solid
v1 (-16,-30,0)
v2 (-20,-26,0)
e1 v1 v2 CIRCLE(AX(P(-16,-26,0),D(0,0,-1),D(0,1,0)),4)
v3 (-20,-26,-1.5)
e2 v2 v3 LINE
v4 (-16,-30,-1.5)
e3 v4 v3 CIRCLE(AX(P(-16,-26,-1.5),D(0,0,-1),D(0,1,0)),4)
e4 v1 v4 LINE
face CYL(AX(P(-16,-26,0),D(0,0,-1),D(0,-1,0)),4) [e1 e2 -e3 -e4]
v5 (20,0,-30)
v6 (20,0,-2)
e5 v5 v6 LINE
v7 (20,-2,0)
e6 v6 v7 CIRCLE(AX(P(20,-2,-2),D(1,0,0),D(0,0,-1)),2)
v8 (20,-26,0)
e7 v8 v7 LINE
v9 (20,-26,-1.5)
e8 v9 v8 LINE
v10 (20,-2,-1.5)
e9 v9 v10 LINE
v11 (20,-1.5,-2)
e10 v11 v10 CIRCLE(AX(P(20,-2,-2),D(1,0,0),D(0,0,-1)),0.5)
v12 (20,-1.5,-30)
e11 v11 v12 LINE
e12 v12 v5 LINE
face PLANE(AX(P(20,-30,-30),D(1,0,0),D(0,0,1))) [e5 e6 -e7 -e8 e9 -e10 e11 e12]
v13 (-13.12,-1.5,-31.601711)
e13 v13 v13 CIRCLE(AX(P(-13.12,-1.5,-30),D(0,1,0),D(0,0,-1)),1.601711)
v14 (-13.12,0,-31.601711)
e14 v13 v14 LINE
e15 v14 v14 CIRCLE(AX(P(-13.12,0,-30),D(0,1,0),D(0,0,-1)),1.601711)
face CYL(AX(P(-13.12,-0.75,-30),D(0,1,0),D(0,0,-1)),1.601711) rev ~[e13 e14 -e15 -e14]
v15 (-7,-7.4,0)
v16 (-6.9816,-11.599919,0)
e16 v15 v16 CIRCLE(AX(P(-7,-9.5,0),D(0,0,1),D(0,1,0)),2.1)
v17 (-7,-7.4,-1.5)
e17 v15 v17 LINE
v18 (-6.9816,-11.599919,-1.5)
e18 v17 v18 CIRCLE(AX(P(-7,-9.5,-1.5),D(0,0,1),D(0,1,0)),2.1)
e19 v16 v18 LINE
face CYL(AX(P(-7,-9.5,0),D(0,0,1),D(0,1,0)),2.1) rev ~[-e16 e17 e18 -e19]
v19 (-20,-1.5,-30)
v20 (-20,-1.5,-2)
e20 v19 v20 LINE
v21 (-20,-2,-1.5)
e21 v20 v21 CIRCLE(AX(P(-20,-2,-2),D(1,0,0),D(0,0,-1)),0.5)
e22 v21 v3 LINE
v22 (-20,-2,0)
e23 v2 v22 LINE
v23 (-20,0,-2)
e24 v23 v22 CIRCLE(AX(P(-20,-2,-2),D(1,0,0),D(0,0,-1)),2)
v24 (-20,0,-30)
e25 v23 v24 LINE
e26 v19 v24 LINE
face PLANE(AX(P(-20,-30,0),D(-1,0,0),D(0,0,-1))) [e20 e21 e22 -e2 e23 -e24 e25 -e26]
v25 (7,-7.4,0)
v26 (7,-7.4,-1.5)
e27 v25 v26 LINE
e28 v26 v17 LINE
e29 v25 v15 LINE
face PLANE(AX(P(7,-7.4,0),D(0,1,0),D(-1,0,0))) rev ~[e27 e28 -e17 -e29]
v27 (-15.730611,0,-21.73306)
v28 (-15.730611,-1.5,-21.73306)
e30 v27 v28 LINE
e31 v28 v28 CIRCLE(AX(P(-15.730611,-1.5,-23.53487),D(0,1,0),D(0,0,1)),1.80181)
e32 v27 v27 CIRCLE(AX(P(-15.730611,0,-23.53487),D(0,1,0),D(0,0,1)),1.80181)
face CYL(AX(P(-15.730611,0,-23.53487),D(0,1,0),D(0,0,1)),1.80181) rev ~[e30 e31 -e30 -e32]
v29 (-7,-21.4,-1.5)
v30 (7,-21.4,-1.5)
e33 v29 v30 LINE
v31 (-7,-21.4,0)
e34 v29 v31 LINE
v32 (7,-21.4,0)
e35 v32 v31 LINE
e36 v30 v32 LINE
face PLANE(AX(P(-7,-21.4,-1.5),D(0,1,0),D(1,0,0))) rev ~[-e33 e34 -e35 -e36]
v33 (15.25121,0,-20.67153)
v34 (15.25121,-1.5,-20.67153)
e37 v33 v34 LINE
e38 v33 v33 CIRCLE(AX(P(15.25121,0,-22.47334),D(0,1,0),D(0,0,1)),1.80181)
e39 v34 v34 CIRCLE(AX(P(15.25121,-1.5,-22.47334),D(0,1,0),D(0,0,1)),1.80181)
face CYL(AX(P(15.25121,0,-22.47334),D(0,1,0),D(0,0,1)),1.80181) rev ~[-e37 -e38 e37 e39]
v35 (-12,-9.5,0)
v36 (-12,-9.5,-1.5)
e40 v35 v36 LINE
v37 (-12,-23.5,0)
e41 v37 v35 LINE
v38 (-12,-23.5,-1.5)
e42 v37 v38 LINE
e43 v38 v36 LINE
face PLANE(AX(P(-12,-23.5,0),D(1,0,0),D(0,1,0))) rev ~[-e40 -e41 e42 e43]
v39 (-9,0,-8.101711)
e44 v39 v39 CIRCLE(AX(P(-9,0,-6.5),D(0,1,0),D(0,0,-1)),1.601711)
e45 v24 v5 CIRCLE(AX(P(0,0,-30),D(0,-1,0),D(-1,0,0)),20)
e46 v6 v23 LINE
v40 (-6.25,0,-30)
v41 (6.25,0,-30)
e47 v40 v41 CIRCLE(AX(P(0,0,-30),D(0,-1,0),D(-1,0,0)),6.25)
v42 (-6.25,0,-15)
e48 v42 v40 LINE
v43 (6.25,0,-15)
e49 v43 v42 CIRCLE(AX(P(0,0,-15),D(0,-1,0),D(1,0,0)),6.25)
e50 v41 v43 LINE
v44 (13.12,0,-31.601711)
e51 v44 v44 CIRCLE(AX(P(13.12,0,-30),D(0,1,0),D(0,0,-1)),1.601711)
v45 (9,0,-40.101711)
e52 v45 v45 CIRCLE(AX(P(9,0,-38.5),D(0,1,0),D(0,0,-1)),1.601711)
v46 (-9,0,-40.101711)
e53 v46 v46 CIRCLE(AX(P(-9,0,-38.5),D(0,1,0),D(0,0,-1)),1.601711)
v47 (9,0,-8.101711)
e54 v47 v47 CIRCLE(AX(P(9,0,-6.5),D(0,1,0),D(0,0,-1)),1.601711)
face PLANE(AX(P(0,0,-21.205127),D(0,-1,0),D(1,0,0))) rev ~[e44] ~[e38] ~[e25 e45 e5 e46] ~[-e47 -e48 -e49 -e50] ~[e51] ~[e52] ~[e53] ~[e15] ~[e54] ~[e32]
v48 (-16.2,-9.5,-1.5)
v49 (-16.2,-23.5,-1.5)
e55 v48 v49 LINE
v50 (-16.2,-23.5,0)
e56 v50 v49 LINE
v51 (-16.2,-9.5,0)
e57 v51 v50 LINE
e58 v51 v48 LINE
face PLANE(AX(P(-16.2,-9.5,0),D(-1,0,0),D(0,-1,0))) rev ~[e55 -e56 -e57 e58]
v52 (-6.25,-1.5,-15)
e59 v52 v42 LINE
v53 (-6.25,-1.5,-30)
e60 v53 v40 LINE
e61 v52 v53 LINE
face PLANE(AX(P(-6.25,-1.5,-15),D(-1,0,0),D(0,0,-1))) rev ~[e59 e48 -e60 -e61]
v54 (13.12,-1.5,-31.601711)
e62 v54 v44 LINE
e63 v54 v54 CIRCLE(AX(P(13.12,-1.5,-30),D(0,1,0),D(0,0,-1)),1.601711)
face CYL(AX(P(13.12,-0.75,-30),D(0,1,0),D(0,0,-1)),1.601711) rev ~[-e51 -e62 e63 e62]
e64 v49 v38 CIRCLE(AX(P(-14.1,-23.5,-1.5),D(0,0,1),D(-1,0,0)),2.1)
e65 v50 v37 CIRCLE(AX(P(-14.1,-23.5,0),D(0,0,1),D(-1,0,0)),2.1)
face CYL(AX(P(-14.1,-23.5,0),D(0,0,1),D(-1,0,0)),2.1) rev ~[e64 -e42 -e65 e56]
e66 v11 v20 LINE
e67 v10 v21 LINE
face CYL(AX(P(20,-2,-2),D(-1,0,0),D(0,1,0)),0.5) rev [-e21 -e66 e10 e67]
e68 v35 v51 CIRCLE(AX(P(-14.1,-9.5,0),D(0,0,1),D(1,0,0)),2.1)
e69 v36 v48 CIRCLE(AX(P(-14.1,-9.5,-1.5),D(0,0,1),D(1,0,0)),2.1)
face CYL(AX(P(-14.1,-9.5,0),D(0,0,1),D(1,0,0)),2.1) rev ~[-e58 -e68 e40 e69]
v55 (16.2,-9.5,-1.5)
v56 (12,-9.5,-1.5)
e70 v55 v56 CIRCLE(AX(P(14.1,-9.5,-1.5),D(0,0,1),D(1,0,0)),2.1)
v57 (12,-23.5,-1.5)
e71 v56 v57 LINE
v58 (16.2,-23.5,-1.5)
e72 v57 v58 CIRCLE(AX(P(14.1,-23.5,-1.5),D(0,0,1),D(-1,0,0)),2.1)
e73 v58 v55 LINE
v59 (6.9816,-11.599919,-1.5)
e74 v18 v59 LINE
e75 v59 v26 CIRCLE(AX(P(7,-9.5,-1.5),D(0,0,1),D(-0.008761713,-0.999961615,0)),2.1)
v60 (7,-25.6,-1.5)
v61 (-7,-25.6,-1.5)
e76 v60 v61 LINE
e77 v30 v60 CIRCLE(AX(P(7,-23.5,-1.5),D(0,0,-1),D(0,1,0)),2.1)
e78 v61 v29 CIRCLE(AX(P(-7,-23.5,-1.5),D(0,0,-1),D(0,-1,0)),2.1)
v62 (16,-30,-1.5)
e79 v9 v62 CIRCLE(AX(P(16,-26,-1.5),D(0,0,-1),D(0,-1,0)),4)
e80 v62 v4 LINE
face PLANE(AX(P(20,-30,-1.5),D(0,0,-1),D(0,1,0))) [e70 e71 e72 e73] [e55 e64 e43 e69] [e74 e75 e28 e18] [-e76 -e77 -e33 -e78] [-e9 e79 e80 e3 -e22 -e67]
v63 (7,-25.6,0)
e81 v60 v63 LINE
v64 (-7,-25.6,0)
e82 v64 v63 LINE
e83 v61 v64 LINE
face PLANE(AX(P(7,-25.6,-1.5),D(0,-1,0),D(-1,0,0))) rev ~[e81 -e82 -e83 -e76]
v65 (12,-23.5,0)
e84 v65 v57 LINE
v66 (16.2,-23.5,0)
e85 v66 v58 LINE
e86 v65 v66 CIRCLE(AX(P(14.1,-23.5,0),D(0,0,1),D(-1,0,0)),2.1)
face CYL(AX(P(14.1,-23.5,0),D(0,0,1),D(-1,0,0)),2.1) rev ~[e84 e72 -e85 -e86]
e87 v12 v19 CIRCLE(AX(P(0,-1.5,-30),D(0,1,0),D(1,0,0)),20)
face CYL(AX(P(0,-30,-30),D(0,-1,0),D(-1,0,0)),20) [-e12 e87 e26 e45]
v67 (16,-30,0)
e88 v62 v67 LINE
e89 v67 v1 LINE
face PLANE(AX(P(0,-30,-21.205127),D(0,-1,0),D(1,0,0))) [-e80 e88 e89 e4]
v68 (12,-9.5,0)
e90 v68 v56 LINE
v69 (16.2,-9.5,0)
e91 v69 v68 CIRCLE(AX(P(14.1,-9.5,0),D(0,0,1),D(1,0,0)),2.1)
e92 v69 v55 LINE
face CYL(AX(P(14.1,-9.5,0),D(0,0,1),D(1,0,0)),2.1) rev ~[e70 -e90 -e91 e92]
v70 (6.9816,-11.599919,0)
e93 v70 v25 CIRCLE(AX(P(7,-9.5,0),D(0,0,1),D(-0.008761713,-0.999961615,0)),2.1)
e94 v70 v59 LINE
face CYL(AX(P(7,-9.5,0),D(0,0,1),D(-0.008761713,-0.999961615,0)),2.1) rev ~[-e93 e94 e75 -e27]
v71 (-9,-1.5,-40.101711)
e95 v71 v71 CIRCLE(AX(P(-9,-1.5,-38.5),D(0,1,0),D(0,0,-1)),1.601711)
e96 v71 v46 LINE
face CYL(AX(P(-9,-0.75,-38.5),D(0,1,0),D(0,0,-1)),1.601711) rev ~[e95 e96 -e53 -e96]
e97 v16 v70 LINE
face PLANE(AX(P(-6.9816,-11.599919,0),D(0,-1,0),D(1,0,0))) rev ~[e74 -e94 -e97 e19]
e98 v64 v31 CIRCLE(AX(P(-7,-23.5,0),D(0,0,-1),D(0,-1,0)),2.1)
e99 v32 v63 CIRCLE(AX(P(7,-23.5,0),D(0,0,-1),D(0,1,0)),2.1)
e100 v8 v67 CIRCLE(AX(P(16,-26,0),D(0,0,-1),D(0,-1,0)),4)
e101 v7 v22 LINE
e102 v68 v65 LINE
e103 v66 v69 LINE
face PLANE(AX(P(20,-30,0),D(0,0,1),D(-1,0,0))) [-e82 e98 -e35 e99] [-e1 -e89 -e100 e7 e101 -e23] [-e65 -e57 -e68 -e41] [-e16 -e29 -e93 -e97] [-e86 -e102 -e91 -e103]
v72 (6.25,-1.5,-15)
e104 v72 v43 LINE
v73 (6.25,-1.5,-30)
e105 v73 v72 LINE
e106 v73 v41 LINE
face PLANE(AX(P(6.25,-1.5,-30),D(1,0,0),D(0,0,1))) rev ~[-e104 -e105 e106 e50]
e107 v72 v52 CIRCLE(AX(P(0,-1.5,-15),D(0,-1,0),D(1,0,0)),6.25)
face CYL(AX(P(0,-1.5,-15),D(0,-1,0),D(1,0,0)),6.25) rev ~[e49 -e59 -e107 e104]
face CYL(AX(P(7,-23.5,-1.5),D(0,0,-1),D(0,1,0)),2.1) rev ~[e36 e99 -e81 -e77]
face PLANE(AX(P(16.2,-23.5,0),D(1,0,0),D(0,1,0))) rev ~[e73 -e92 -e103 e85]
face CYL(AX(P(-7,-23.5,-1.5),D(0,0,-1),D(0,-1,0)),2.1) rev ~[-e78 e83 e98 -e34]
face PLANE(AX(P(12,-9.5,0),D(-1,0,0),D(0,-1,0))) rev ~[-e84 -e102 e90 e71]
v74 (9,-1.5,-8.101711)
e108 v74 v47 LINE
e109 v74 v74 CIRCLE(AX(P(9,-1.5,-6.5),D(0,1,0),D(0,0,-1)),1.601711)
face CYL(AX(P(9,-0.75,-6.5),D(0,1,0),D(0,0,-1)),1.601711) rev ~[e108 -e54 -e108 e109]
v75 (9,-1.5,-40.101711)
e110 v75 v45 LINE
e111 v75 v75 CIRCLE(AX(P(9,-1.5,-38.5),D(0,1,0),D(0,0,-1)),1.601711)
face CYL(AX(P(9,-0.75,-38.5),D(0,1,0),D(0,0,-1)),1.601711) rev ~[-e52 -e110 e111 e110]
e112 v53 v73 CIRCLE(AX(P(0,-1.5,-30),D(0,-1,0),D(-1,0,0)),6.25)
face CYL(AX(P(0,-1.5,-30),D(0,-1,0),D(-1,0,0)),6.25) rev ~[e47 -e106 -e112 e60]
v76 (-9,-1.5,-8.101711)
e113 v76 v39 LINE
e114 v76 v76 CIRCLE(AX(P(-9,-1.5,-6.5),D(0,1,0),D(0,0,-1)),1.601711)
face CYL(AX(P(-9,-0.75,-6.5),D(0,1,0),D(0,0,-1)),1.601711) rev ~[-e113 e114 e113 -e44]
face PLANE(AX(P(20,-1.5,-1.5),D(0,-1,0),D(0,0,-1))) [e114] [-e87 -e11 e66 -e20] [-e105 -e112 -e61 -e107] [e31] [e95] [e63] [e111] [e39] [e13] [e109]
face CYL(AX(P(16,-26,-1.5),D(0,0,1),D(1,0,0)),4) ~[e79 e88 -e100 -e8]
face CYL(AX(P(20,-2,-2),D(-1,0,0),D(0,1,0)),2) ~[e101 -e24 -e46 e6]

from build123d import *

# Parameters (mm, degrees)
BOSS_EXTRUDE1_DEPTH           = 30
SKETCH2_W                     = 28.5
SKETCH2_H                     = 28.5
CUT_EXTRUDE1_DEPTH            = 71.710678119
CUT_EXTRUDE2_REACH            = 63.644
CUT_EXTRUDE3_REACH            = 63.644
CUT_EXTRUDE4_REACH            = 63.644
CUT_EXTRUDE5_DEPTH            = 61.928236475
CUT_EXTRUDE6_DEPTH            = 61.433848132
SKETCH8_W                     = 1.601710745
SKETCH8_H                     = 1.5
M3_CLEARANCE_HOLE1_AT_2_COUNT = 2
M3_CLEARANCE_HOLE1_AT_2_PITCH = 18
M3_CLEARANCE_HOLE1_AT_3_COUNT = 2
M3_CLEARANCE_HOLE1_AT_3_PITCH = 32
M3_CLEARANCE_HOLE1_AT_4_COUNT = 2
M3_CLEARANCE_HOLE1_AT_4_PITCH = 36.715119501
M3_CLEARANCE_HOLE1_AT_5_COUNT = 2
M3_CLEARANCE_HOLE1_AT_5_PITCH = 23.858424089
M3_CLEARANCE_HOLE1_AT_6_COUNT = 2
M3_CLEARANCE_HOLE1_AT_6_PITCH = 32.272967016
FILLET1_R                     = 0.5
FILLET2_R                     = 2
FILLET3_R                     = 4
CUT_EXTRUDE7_DEPTH            = 28.5
SKETCH11_R                    = 1.801810181
CUT_EXTRUDE8_DEPTH            = 62.64414003


with BuildPart() as part:
    # Sketch1 → Boss-Extrude1 (new body)
    with BuildSketch(Plane.XZ.offset(30)):
        with BuildLine():
            Line((20, 0), (-20, 0))
            Line((-20, 0), (-20, -30))
            ThreePointArc((-20, -30), (0, -50), (20, -30))
            Line((20, -30), (20, 0))
        make_face()
    extrude(amount=-BOSS_EXTRUDE1_DEPTH)

    # Sketch2 → Cut-Extrude1 (cut, through all)
    with BuildSketch(Plane(origin=(20, 0, 0), x_dir=(0, 0, -1), z_dir=(1, 0, 0))):
        with Locations((15.75, -15.75)):
            Rectangle(SKETCH2_W, SKETCH2_H)
    extrude(amount=-CUT_EXTRUDE1_DEPTH, mode=Mode.SUBTRACT)

    # Sketch3 → Cut-Extrude2 (cut, up to next)
    with BuildSketch(Plane.XY, mode=Mode.PRIVATE) as cut_extrude2_sk1:
        with BuildLine():
            Line((16.2, -23.5), (16.2, -9.5))
            ThreePointArc((16.2, -9.5), (14.1, -7.4), (12, -9.5))
            Line((12, -9.5), (12, -23.5))
            ThreePointArc((12, -23.5), (14.1, -25.6), (16.2, -23.5))
        make_face()
    cut_extrude2_tool1 = extrude(cut_extrude2_sk1.sketch, amount=-CUT_EXTRUDE2_REACH, mode=Mode.PRIVATE) & part.part
    add(cut_extrude2_tool1.solids().sort_by_distance((14.1, -16.5, 0))[0], mode=Mode.SUBTRACT)

    # Sketch4 → Cut-Extrude3 (cut, up to next)
    with BuildSketch(Plane.XY, mode=Mode.PRIVATE) as cut_extrude3_sk1:
        with BuildLine():
            Line((-16.2, -9.5), (-16.2, -23.5))
            ThreePointArc((-16.2, -23.5), (-14.1, -25.6), (-12, -23.5))
            Line((-12, -23.5), (-12, -9.5))
            ThreePointArc((-12, -9.5), (-14.1, -7.4), (-16.2, -9.5))
        make_face()
    cut_extrude3_tool1 = extrude(cut_extrude3_sk1.sketch, amount=-CUT_EXTRUDE3_REACH, mode=Mode.PRIVATE) & part.part
    add(cut_extrude3_tool1.solids().sort_by_distance((-14.1, -16.5, 0))[0], mode=Mode.SUBTRACT)

    # Sketch5 → Cut-Extrude4 (cut, up to next)
    with BuildSketch(Plane.XY, mode=Mode.PRIVATE) as cut_extrude4_sk1:
        with BuildLine():
            Line((-6.981600402, -11.599919392), (6.981600402, -11.599919392))
            ThreePointArc((6.981600402, -11.599919392), (9.099979848, -9.509199887), (7, -7.4))
            Line((7, -7.4), (-7, -7.4))
            ThreePointArc((-7, -7.4), (-9.099979848, -9.509199887), (-6.981600402, -11.599919392))
        make_face()
    cut_extrude4_tool1 = extrude(cut_extrude4_sk1.sketch, amount=-CUT_EXTRUDE4_REACH, mode=Mode.PRIVATE) & part.part
    add(cut_extrude4_tool1.solids().sort_by_distance((0, -9.499967, 0))[0], mode=Mode.SUBTRACT)

    # Sketch6 → Cut-Extrude5 (cut, through all)
    with BuildSketch(Plane.XZ.offset(1.5)):
        with BuildLine():
            Line((6.25, -30), (6.25, -15))
            ThreePointArc((6.25, -15), (0, -8.75), (-6.25, -15))
            Line((-6.25, -15), (-6.25, -30))
            ThreePointArc((-6.25, -30), (0, -36.25), (6.25, -30))
        make_face()
    extrude(amount=-CUT_EXTRUDE5_DEPTH, mode=Mode.SUBTRACT)

    # Sketch7 → Cut-Extrude6 (cut, through all)
    with BuildSketch(Plane(origin=(0, 0, -1.5), x_dir=(-1, 0, 0), z_dir=(0, 0, -1))):
        with BuildLine():
            Line((-7, -25.6), (7, -25.6))
            ThreePointArc((7, -25.6), (9.1, -23.5), (7, -21.4))
            Line((7, -21.4), (-7, -21.4))
            ThreePointArc((-7, -21.4), (-9.1, -23.5), (-7, -25.6))
        make_face()
    extrude(amount=-CUT_EXTRUDE6_DEPTH, mode=Mode.SUBTRACT)

    # Sketch8 → M3 Clearance Hole1 (revolve, cut)
    with BuildSketch(Plane(origin=(-9, -1.5, -6.5), x_dir=(0, 0, -1), z_dir=(1, 0, 0))):
        with Locations((0.800855373, 0.75)):
            Rectangle(SKETCH8_W, SKETCH8_H)
    m3_clearance_hole1 = revolve(axis=Axis((-9, -7.85, -6.5), (0, 1, 0)), mode=Mode.SUBTRACT)

    # M3 Clearance Hole1 at 2: M3 Clearance Hole1 ×2
    with Locations(*[(i * M3_CLEARANCE_HOLE1_AT_2_PITCH, 0, 0) for i in range(1, M3_CLEARANCE_HOLE1_AT_2_COUNT)]):
        add(m3_clearance_hole1, mode=Mode.SUBTRACT)

    # M3 Clearance Hole1 at 3: M3 Clearance Hole1 ×2
    with Locations(*[(0, 0, -i * M3_CLEARANCE_HOLE1_AT_3_PITCH) for i in range(1, M3_CLEARANCE_HOLE1_AT_3_COUNT)]):
        add(m3_clearance_hole1, mode=Mode.SUBTRACT)

    # M3 Clearance Hole1 at 4: M3 Clearance Hole1 ×2
    with Locations(*[Vector(0.4902612396325592, 0, -0.8715755371245493) * (i * M3_CLEARANCE_HOLE1_AT_4_PITCH) for i in range(1, M3_CLEARANCE_HOLE1_AT_4_COUNT)]):
        add(m3_clearance_hole1, mode=Mode.SUBTRACT)

    # M3 Clearance Hole1 at 5: M3 Clearance Hole1 ×2
    with Locations(*[Vector(-0.17268533682984544, 0, -0.9849770425974216) * (i * M3_CLEARANCE_HOLE1_AT_5_PITCH) for i in range(1, M3_CLEARANCE_HOLE1_AT_5_COUNT)]):
        add(m3_clearance_hole1, mode=Mode.SUBTRACT)

    # M3 Clearance Hole1 at 6: M3 Clearance Hole1 ×2
    with Locations(*[Vector(0.6854033590776325, 0, -0.7281636048067069) * (i * M3_CLEARANCE_HOLE1_AT_6_PITCH) for i in range(1, M3_CLEARANCE_HOLE1_AT_6_COUNT)]):
        add(m3_clearance_hole1, mode=Mode.SUBTRACT)

    # Fillet1
    fillet1_edges = [part.edges().sort_by_distance(p)[0] for p in [
        (0, -1.5, -1.5),
    ]]
    fillet(fillet1_edges, radius=FILLET1_R)

    # Fillet2
    fillet2_edges = [part.edges().sort_by_distance(p)[0] for p in [
        (0, 0, 0),
    ]]
    fillet(fillet2_edges, radius=FILLET2_R)

    # Fillet3
    fillet3_edges = [part.edges().sort_by_distance(p)[0] for p in [
        (20, -30, -0.75),
        (-20, -30, -0.75),
    ]]
    fillet(fillet3_edges, radius=FILLET3_R)

    # Sketch10 → Cut-Extrude7 (cut)
    with BuildSketch(Plane.XZ.offset(30)):
        with BuildLine():
            Line((-20, -30), (20, -30))
            ThreePointArc((20, -30), (0, -50), (-20, -30))
        make_face()
    extrude(amount=-CUT_EXTRUDE7_DEPTH, mode=Mode.SUBTRACT)

    # Sketch11 → Cut-Extrude8 (cut, through all)
    with BuildSketch(Plane(origin=(0, 0, 0), x_dir=(1, 0, 0), z_dir=(0, 1, 0))):
        with Locations(Location((-15.73061053, 23.534870495, 0), (0, 0, 270))):
            Circle(SKETCH11_R)
        with Locations(Location((15.251209648, 22.473339956, 0), (0, 0, 270))):
            Circle(SKETCH11_R)
    extrude(amount=-CUT_EXTRUDE8_DEPTH, mode=Mode.SUBTRACT)


solid = part.part
